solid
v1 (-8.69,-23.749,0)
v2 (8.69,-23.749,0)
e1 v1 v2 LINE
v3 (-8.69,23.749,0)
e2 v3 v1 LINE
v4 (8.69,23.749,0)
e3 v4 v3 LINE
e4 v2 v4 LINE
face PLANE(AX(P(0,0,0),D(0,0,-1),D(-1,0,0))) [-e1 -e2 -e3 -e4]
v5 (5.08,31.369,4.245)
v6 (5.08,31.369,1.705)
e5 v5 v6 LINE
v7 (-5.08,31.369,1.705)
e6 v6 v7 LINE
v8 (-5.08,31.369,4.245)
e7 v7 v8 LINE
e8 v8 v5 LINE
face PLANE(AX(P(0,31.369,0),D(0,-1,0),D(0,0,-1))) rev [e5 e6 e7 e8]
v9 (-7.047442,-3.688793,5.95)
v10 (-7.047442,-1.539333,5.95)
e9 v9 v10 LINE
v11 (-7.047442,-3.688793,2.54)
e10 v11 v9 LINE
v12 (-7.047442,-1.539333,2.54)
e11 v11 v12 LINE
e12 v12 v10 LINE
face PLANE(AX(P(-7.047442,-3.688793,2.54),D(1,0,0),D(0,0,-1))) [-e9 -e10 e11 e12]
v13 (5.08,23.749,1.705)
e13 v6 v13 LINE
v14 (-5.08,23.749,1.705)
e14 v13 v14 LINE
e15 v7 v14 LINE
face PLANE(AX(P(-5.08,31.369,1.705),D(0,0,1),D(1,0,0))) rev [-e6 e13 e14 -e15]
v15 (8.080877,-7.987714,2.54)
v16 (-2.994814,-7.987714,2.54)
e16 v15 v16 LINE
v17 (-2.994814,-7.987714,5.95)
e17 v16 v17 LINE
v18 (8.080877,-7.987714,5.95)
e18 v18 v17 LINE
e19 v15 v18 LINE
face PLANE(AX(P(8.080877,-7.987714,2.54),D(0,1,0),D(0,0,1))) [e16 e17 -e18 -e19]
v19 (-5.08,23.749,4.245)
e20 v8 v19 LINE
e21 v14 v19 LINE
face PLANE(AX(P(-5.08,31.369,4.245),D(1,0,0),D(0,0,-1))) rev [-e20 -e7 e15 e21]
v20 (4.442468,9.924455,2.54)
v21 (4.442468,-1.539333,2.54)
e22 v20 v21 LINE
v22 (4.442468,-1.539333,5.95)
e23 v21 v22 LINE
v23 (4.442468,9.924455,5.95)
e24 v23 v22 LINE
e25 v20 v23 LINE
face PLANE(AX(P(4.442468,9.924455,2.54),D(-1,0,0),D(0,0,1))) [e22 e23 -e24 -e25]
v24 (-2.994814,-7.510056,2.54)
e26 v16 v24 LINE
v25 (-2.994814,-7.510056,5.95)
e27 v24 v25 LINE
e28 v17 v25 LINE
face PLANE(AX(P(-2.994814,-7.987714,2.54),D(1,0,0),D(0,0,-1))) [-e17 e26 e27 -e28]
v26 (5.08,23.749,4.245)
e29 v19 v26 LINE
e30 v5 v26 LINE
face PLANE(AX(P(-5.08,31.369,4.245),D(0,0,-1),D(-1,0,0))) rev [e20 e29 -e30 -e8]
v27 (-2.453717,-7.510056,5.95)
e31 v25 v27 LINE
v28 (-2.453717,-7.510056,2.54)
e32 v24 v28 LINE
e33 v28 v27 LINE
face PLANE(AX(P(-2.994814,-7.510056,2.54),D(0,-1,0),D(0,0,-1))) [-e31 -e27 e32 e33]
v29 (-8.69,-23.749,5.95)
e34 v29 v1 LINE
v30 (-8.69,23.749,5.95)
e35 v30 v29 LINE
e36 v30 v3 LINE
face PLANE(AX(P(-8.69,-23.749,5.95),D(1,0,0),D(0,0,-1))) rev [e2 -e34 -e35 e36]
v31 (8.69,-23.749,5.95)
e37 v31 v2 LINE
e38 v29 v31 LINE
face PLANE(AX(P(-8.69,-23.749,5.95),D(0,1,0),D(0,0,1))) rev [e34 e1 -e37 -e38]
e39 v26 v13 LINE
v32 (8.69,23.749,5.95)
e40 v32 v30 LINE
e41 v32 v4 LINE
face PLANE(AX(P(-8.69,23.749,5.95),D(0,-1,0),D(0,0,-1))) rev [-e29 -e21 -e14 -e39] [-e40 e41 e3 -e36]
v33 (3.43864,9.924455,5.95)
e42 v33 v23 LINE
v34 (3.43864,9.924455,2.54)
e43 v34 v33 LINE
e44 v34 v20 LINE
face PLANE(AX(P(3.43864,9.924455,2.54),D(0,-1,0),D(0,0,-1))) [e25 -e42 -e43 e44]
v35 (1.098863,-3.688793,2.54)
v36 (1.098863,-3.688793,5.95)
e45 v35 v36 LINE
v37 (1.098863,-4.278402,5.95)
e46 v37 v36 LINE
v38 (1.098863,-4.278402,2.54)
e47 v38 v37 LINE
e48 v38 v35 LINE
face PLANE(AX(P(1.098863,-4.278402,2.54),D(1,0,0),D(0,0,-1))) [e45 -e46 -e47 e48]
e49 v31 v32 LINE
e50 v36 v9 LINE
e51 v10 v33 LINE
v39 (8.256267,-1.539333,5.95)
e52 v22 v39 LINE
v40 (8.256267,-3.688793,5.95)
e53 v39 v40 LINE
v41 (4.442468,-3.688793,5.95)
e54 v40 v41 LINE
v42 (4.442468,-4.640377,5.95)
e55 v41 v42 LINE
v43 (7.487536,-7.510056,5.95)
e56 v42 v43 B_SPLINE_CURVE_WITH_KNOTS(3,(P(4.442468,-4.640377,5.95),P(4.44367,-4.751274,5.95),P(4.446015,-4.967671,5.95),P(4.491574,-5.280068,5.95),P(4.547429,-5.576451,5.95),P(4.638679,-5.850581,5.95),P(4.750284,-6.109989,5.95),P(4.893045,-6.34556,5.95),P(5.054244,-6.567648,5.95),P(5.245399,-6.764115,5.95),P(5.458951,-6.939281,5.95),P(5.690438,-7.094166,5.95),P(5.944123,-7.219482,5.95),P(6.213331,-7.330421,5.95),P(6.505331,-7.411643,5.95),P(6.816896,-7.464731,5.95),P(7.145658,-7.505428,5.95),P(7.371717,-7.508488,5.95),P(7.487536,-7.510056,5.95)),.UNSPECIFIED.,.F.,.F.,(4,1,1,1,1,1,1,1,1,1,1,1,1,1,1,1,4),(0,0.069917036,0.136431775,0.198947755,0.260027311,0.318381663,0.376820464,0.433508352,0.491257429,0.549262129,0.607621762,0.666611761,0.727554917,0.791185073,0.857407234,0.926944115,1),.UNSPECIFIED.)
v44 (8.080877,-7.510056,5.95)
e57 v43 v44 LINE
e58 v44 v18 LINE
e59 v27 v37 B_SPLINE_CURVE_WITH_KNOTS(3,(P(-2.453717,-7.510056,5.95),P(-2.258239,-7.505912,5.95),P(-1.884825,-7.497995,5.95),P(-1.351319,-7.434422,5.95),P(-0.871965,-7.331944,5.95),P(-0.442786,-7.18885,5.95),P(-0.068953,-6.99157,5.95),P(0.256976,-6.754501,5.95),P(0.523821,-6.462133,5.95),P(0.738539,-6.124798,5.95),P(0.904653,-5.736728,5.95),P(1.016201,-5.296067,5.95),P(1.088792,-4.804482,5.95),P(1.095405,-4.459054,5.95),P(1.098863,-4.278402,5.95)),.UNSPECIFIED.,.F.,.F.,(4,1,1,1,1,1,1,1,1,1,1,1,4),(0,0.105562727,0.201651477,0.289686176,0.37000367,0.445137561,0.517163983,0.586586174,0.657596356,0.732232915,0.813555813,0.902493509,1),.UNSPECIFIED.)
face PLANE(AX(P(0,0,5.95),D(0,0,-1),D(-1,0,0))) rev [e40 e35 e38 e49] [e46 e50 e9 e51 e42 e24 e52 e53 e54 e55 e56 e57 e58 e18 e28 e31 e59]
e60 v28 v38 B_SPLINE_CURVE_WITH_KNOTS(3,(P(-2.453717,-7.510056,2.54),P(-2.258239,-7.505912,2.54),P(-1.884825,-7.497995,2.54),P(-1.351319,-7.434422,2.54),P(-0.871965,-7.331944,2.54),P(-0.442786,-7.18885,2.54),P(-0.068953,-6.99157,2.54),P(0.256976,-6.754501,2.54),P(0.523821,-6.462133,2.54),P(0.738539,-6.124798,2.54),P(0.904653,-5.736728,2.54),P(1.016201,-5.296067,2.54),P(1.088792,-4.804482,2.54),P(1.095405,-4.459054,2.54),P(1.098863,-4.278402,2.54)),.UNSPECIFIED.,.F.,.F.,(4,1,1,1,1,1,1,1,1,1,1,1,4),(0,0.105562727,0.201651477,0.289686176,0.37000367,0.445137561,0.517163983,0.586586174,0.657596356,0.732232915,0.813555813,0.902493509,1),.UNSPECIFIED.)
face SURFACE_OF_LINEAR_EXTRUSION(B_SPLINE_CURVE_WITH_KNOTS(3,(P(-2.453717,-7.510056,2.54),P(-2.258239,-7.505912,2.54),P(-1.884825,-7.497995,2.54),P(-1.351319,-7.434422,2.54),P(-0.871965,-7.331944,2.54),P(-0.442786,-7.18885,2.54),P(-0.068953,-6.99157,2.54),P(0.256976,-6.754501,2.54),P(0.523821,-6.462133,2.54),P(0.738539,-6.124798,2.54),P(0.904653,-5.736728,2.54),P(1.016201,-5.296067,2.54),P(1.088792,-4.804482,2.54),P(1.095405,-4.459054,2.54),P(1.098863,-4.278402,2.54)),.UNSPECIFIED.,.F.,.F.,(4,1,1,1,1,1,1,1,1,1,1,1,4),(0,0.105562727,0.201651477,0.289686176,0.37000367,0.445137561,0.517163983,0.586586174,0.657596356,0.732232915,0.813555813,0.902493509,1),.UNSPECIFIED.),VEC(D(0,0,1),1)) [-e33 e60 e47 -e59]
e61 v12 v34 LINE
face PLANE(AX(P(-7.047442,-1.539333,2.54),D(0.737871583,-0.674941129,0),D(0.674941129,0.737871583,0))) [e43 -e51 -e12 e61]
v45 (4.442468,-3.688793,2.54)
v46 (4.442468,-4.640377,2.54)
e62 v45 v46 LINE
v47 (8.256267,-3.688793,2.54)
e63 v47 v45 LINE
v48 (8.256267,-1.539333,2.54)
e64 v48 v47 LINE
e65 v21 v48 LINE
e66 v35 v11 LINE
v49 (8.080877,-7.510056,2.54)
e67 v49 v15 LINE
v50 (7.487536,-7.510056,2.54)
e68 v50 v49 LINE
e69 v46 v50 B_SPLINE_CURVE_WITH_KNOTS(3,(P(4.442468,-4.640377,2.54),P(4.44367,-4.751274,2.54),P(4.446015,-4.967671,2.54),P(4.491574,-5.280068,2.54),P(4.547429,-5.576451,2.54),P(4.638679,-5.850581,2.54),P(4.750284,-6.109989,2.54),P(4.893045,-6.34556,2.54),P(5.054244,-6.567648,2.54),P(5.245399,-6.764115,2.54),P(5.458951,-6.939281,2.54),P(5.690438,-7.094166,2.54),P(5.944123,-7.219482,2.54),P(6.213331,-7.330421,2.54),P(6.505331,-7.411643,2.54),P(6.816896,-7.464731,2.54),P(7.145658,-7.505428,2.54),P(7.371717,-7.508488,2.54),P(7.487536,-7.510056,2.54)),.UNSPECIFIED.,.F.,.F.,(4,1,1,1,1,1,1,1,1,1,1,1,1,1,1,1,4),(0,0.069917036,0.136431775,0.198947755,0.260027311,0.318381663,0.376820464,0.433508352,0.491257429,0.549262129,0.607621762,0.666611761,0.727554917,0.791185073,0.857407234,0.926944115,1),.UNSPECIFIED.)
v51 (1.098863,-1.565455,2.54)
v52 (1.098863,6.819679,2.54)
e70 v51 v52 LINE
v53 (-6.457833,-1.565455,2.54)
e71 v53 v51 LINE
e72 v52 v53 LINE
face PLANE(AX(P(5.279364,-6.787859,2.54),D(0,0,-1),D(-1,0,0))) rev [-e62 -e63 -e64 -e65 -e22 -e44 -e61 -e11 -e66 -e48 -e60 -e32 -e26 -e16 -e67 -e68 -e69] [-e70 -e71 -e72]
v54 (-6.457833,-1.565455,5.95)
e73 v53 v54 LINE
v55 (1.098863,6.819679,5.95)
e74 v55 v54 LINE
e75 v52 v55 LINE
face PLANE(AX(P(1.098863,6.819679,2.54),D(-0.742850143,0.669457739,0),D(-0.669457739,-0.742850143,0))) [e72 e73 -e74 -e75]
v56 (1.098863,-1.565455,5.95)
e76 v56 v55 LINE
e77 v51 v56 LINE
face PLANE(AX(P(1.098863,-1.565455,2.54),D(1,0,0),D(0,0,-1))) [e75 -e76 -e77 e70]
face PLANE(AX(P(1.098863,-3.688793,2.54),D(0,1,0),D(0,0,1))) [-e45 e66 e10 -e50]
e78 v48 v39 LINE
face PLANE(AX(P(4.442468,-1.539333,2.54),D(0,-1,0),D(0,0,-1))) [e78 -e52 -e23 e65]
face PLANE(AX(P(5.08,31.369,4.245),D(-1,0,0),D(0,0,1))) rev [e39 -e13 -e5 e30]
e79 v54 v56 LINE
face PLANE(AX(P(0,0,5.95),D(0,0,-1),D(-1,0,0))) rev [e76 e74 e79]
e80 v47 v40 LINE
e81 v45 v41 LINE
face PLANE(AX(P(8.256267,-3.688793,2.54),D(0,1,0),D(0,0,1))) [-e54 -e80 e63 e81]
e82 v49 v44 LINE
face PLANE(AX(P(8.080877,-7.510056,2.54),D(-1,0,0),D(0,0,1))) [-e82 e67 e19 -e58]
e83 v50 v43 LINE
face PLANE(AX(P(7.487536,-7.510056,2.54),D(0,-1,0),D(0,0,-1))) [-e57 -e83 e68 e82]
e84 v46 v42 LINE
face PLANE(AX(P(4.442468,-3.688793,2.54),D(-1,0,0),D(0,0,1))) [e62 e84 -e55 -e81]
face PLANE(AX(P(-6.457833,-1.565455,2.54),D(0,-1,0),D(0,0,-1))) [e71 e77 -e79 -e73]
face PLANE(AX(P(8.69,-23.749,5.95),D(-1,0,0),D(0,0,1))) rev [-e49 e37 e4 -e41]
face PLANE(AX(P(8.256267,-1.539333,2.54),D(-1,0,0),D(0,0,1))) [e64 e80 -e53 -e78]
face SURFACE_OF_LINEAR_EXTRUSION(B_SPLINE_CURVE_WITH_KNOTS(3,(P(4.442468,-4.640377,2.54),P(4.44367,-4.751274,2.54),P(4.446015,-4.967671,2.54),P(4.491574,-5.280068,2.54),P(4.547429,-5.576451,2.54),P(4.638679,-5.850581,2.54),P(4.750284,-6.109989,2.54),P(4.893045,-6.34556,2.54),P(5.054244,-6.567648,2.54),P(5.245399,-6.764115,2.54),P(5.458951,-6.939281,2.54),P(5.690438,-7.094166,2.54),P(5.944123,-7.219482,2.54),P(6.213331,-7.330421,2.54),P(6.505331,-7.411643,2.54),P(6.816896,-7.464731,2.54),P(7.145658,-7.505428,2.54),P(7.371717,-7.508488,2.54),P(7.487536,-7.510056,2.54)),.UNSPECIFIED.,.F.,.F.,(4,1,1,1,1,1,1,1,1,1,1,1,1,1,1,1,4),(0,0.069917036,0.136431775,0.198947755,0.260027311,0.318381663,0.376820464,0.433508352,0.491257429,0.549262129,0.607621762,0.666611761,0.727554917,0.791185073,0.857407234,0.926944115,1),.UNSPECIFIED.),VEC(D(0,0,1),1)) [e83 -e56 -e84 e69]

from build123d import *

# Parameters (mm, degrees)
SKETCH1_W           = 17.38
SKETCH1_H           = 47.498
BOSS_EXTRUDE1_DEPTH = 5.95
CUT_EXTRUDE1_DEPTH  = 3.41
SKETCH3_W           = 10.16
SKETCH3_H           = 2.54
BOSS_EXTRUDE2_DEPTH = 7.62


with BuildPart() as part:
    # Sketch1 → Boss-Extrude1 (new body)
    with BuildSketch(Plane.XY):
        Rectangle(SKETCH1_W, SKETCH1_H)
    extrude(amount=BOSS_EXTRUDE1_DEPTH)

    # Sketch2 → Cut-Extrude1 (cut)
    with BuildSketch(Plane.XY.offset(5.95)):
        with BuildLine():
            Line((3.438639944, 9.924455156), (4.442467735, 9.924455156))
            Line((4.442467735, 9.924455156), (4.442467735, -1.539332851))
            Line((4.442467735, -1.539332851), (8.256267, -1.539332851))
            Line((8.256267, -1.539332851), (8.256267, -3.688793102))
            Line((8.256267, -3.688793102), (4.442467735, -3.688793102))
            Line((4.442467735, -3.688793102), (4.442467735, -4.640377068))
            add(Edge.make_bspline(
                [(4.442467735, -4.640377068), (4.443669751, -4.751273799), (4.44601529, -4.967670812), (4.491573849, -5.280067729), (4.547428573, -5.576451443), (4.638679375, -5.850580816), (4.750284326, -6.109988852), (4.893045349, -6.345559529), (5.054243786, -6.56764849), (5.24539936, -6.764114691), (5.45895144, -6.939280612), (5.690437988, -7.094166195), (5.94412251, -7.21948209), (6.213330934, -7.330421399), (6.505331291, -7.411643013), (6.816896163, -7.464731494), (7.145657743, -7.505427509), (7.371717246, -7.508487842), (7.487536425, -7.510055771)],
                knots=[0, 0, 0, 0, 1.118672576, 2.182908393, 3.183164075, 4.160436979, 5.09410661, 6.029127428, 6.936133637, 7.860118871, 8.788194062, 9.721948199, 10.665788183, 11.640878679, 12.658961174, 13.718515742, 14.83110584, 16, 16, 16, 16], degree=3))
            Line((7.487536425, -7.510055771), (8.080877015, -7.510055771))
            Line((8.080877015, -7.510055771), (8.080877015, -7.987713605))
            Line((8.080877015, -7.987713605), (-2.994814002, -7.987713605))
            Line((-2.994814002, -7.987713605), (-2.994814002, -7.510055771))
            Line((-2.994814002, -7.510055771), (-2.453717238, -7.510055771))
            add(Edge.make_bspline(
                [(-2.453717238, -7.510055771), (-2.258238674, -7.505911681), (-1.884825234, -7.49799542), (-1.351318965, -7.434422338), (-0.871964817, -7.331943938), (-0.442786011, -7.18885029), (-0.068953302, -6.991569685), (0.256975704, -6.754501307), (0.523821338, -6.462132653), (0.738539375, -6.124798114), (0.904653386, -5.736728404), (1.016200957, -5.296067491), (1.08879249, -4.804482414), (1.095404798, -4.459053985), (1.0988629, -4.278401991)],
                knots=[0, 0, 0, 0, 1.266752721, 2.419817719, 3.476234114, 4.440044039, 5.341650734, 6.205967801, 7.039034094, 7.891156267, 8.786794986, 9.762669761, 10.829922107, 12, 12, 12, 12], degree=3))
            Line((1.0988629, -4.278401991), (1.0988629, -3.688793102))
            Line((1.0988629, -3.688793102), (-7.047442184, -3.688793102))
            Line((-7.047442184, -3.688793102), (-7.047442184, -1.539332851))
            Line((-7.047442184, -1.539332851), (3.438639944, 9.924455156))
        make_face()
        Polygon((1.0988629, 6.819679237), (-6.457833296, -1.565454764), (1.0988629, -1.565454764), align=None, mode=Mode.SUBTRACT)
    extrude(amount=-CUT_EXTRUDE1_DEPTH, mode=Mode.SUBTRACT)

    # Sketch3 → Boss-Extrude2 (add)
    with BuildSketch(Plane(origin=(0, 23.749, 0), x_dir=(1, 0, 0), z_dir=(0, 1, 0))):
        with Locations((0, -2.975)):
            Rectangle(SKETCH3_W, SKETCH3_H)
    extrude(amount=BOSS_EXTRUDE2_DEPTH)


solid = part.part
